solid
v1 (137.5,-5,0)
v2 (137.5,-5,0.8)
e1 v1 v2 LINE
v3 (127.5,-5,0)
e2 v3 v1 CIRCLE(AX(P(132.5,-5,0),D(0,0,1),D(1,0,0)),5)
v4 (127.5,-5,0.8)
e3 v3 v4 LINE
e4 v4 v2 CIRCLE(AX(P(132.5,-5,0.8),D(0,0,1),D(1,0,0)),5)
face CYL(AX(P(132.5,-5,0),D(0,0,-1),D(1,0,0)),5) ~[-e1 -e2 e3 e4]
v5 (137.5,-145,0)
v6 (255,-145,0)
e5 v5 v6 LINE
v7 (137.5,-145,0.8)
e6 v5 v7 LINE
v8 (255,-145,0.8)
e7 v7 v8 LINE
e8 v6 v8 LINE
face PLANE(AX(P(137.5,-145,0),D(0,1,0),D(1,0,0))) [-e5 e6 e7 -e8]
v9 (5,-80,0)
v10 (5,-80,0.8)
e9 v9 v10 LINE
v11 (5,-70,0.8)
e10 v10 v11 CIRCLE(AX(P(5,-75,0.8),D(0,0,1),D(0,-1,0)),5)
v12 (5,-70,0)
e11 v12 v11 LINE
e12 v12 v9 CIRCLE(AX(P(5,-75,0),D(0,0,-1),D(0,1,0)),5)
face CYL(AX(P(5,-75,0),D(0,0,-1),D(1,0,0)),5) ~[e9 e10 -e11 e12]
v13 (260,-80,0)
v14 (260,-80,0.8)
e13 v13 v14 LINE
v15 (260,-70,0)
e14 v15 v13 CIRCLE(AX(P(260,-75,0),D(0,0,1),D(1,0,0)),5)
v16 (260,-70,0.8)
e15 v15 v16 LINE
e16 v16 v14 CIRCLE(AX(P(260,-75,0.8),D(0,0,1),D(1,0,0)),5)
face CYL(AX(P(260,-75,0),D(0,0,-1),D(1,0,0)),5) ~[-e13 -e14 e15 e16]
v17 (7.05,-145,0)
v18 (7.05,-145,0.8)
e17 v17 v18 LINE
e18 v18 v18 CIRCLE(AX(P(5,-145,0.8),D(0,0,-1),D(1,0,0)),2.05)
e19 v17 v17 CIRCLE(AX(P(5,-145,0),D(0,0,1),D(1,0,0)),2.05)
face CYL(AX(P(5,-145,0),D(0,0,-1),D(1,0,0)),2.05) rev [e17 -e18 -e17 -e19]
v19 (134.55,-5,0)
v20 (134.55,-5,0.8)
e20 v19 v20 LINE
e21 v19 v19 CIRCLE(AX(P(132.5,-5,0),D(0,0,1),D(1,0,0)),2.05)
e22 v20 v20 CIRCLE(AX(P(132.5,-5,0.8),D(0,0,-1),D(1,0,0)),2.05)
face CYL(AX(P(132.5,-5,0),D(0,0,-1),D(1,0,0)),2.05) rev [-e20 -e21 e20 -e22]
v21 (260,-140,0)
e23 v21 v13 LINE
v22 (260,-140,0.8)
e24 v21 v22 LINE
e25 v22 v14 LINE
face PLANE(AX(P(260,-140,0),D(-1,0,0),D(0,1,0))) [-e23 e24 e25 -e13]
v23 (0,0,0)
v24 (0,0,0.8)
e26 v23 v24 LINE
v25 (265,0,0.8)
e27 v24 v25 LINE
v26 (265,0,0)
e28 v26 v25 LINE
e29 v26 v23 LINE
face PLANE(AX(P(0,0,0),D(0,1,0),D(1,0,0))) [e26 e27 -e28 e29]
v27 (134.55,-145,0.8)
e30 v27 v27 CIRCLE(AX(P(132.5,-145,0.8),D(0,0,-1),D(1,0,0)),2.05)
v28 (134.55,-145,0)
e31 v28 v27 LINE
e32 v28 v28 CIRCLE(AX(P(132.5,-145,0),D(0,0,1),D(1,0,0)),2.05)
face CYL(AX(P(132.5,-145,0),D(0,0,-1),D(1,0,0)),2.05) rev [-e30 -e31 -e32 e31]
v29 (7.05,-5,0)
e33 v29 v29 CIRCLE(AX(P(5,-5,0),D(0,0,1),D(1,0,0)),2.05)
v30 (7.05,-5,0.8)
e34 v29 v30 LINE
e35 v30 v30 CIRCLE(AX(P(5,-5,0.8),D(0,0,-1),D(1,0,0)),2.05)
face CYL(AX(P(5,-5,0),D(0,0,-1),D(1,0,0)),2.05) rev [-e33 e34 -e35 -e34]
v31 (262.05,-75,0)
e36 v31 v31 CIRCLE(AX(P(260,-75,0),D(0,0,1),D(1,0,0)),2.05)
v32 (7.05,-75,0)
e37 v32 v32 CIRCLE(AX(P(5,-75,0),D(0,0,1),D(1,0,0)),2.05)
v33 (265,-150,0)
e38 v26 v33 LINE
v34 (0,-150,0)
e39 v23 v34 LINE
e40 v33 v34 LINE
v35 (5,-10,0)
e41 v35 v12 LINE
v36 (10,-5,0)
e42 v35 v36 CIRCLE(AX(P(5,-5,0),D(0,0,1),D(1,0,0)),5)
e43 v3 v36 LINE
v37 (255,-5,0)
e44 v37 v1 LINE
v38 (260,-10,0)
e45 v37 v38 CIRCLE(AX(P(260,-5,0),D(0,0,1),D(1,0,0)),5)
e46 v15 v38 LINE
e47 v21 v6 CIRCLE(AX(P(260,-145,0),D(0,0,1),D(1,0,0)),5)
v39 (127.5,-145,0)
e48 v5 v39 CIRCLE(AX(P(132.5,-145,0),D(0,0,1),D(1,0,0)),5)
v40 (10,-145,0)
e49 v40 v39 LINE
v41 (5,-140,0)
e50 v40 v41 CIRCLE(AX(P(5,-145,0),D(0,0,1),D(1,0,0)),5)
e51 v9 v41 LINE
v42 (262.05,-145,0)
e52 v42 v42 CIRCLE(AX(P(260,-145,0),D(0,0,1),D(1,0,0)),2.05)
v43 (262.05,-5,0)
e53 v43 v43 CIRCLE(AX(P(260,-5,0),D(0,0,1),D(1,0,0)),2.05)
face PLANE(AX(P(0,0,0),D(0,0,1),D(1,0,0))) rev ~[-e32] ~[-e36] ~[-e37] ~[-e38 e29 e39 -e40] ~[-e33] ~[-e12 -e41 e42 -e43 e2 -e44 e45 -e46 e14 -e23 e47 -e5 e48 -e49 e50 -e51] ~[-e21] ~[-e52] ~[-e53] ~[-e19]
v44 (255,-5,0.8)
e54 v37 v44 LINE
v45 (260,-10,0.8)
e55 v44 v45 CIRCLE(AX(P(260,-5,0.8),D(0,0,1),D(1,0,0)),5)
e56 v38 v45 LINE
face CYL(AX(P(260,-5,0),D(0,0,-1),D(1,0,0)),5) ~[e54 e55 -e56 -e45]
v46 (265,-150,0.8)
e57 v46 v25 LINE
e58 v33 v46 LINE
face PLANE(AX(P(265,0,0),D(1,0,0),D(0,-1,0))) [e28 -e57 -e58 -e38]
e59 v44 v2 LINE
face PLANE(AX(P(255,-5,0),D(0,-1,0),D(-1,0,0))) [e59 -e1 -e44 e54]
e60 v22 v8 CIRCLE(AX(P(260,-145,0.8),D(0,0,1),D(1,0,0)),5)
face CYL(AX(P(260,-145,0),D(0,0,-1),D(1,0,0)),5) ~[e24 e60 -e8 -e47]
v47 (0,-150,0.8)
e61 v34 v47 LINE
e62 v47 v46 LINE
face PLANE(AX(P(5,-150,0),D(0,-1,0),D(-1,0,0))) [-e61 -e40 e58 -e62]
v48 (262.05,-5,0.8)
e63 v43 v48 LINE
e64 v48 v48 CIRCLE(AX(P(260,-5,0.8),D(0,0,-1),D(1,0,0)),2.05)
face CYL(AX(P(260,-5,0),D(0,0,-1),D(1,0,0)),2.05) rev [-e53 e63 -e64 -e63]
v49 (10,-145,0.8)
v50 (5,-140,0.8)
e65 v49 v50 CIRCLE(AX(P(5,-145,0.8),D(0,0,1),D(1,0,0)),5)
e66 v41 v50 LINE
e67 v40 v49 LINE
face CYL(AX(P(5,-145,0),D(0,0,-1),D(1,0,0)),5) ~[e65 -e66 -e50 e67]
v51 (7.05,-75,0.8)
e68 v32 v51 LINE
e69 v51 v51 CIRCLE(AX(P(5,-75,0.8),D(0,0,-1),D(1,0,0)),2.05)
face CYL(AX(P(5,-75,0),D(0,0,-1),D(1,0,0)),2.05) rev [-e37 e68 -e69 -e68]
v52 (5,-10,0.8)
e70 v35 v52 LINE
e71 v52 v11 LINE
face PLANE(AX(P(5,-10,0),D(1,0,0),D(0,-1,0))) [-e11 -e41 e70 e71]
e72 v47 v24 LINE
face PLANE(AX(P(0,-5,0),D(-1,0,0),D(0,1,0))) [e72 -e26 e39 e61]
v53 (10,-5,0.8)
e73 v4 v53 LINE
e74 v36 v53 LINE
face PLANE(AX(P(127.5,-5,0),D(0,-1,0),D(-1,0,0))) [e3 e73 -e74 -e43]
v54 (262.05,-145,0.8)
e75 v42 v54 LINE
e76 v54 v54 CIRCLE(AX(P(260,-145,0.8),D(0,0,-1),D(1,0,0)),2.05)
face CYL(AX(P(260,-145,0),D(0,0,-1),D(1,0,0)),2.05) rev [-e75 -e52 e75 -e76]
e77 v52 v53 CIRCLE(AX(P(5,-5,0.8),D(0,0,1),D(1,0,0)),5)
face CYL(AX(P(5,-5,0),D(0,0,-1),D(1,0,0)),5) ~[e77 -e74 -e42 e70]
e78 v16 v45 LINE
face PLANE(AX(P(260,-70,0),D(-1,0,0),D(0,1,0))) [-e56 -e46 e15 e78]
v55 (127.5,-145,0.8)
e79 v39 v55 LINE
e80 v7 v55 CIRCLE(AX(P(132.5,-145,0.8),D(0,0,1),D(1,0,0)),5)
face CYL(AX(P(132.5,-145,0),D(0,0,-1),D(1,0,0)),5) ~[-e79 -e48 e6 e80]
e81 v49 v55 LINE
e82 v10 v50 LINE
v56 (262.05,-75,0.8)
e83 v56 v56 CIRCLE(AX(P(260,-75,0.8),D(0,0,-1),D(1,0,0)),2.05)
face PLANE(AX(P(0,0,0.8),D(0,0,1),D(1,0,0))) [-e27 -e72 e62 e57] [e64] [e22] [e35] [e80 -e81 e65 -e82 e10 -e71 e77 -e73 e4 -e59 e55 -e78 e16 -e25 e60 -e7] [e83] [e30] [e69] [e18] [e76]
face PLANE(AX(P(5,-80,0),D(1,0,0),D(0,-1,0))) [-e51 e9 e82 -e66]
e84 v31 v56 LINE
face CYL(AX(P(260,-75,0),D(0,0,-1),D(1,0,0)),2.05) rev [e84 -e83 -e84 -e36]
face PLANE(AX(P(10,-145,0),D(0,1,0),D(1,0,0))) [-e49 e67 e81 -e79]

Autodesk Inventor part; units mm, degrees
ref_plane "YZ Plane" through (0, 0, 0) normal (1, 0, 0) x (0, 1, 0)
ref_plane "XZ Plane" through (0, 0, 0) normal (0, 1, 0) x (-1, 0, 0)
ref_plane "XY Plane" through (0, 0, 0) normal (0, 0, 1) x (1, 0, 0)
sketch "Sketch1" plane through (0, 0, 0) normal (0, 0, 1) x (1, 0, 0)
  line L0 (0, 0) -> (265, 0)
  line L1 (265, 0) -> (265, -150)
  line L2 (265, -150) -> (0, -150)
  line L3 (0, -150) -> (0, 0)
  line L4 (260, -5) -> (5, -5)
  line L5 (5, -5) -> (5, -145)
  line L6 (5, -145) -> (260, -145)
  line L7 (260, -145) -> (260, -5)
  circle A0 centre (5, -5) radius 5
  circle A1 centre (260, -5) radius 5
  circle A2 centre (260, -145) radius 5
  circle A3 centre (5, -145) radius 5
  line L8 (5, -5) -> (5, -75)
  circle A4 centre (5, -75) radius 5
  line L9 (260, -5) -> (260, -75)
  circle A5 centre (260, -75) radius 5
  line L10 (5, -5) -> (132.5, -5)
  circle A6 centre (132.5, -5) radius 5
  line L11 (5, -145) -> (132.5, -145)
  circle A7 centre (132.5, -145) radius 5
  circle A8 centre (5, -5) radius 2.05
  circle A9 centre (5, -75) radius 2.05
  circle A10 centre (5, -145) radius 2.05
  circle A11 centre (132.5, -145) radius 2.05
  circle A12 centre (260, -145) radius 2.05
  circle A13 centre (260, -75) radius 2.05
  circle A14 centre (260, -5) radius 2.05
  circle A15 centre (132.5, -5) radius 2.05
  point P0 (5, -140)
  point P1 (5, -80)
  point P2 (5, -70)
  point P3 (5, -10)
  point P4 (10, -5)
  point P5 (127.5, -5)
  point P6 (137.5, -5)
  point P7 (255, -5)
  point P8 (260, -10)
  point P9 (260, -70)
  point P10 (260, -80)
  point P11 (260, -140)
  point P12 (255, -145)
  point P13 (137.5, -145)
  point P14 (127.5, -145)
  point P15 (10, -145)
  dimension "d0" = 265
  dimension "d1" = 150
  dimension "d2" = 5
  dimension "d3" = 10
  dimension "d4" = 10
  dimension "d5" = 10
  dimension "d6" = 10
  dimension "d7" = 70
  dimension "d8" = 10
  dimension "d9" = 70
  dimension "d10" = 10
  dimension "d11" = 127.5
  dimension "d12" = 10
  dimension "d13" = 127.5
  dimension "d14" = 10
  dimension "d15" = 4.1
  dimension "d16" = 4.1
  dimension "d17" = 4.1
  dimension "d18" = 4.1
  dimension "d19" = 4.1
  dimension "d20" = 4.1
  dimension "d21" = 4.1
  dimension "d22" = 4.1
extrude "Extrusion1" add sketch "Sketch1" along normal blind 0.8 contours L0 A0 L3 | L0 A6 L4 A0 | A0 L4 A8 L5 | A0 L5 A4 L3 | L0 A1 L4 A6 | A6 L4 A15 | A0 L5 A8 L4 | A4 L5 A3 L3 | A4 L5 A9 | L0 L1 A1 | A1 L7 A14 L4 | A6 L4 A15 | A3 L2 L3 | A3 L5 A10 L6 | A4 L5 A9 | L1 A5 L7 A1 | L4 A14 L7 A1 | A3 L6 A10 L5 | A3 L6 A7 L2 | A5 L7 A13 | L1 A2 L7 A5 | A7 L6 A2 L2 | A7 L6 A11 | A2 L6 A12 L7 | L1 L2 A2 | L7 A13 A5 | A7 L6 A11 | L7 A12 L6 A2
properties part number "Empaque"
